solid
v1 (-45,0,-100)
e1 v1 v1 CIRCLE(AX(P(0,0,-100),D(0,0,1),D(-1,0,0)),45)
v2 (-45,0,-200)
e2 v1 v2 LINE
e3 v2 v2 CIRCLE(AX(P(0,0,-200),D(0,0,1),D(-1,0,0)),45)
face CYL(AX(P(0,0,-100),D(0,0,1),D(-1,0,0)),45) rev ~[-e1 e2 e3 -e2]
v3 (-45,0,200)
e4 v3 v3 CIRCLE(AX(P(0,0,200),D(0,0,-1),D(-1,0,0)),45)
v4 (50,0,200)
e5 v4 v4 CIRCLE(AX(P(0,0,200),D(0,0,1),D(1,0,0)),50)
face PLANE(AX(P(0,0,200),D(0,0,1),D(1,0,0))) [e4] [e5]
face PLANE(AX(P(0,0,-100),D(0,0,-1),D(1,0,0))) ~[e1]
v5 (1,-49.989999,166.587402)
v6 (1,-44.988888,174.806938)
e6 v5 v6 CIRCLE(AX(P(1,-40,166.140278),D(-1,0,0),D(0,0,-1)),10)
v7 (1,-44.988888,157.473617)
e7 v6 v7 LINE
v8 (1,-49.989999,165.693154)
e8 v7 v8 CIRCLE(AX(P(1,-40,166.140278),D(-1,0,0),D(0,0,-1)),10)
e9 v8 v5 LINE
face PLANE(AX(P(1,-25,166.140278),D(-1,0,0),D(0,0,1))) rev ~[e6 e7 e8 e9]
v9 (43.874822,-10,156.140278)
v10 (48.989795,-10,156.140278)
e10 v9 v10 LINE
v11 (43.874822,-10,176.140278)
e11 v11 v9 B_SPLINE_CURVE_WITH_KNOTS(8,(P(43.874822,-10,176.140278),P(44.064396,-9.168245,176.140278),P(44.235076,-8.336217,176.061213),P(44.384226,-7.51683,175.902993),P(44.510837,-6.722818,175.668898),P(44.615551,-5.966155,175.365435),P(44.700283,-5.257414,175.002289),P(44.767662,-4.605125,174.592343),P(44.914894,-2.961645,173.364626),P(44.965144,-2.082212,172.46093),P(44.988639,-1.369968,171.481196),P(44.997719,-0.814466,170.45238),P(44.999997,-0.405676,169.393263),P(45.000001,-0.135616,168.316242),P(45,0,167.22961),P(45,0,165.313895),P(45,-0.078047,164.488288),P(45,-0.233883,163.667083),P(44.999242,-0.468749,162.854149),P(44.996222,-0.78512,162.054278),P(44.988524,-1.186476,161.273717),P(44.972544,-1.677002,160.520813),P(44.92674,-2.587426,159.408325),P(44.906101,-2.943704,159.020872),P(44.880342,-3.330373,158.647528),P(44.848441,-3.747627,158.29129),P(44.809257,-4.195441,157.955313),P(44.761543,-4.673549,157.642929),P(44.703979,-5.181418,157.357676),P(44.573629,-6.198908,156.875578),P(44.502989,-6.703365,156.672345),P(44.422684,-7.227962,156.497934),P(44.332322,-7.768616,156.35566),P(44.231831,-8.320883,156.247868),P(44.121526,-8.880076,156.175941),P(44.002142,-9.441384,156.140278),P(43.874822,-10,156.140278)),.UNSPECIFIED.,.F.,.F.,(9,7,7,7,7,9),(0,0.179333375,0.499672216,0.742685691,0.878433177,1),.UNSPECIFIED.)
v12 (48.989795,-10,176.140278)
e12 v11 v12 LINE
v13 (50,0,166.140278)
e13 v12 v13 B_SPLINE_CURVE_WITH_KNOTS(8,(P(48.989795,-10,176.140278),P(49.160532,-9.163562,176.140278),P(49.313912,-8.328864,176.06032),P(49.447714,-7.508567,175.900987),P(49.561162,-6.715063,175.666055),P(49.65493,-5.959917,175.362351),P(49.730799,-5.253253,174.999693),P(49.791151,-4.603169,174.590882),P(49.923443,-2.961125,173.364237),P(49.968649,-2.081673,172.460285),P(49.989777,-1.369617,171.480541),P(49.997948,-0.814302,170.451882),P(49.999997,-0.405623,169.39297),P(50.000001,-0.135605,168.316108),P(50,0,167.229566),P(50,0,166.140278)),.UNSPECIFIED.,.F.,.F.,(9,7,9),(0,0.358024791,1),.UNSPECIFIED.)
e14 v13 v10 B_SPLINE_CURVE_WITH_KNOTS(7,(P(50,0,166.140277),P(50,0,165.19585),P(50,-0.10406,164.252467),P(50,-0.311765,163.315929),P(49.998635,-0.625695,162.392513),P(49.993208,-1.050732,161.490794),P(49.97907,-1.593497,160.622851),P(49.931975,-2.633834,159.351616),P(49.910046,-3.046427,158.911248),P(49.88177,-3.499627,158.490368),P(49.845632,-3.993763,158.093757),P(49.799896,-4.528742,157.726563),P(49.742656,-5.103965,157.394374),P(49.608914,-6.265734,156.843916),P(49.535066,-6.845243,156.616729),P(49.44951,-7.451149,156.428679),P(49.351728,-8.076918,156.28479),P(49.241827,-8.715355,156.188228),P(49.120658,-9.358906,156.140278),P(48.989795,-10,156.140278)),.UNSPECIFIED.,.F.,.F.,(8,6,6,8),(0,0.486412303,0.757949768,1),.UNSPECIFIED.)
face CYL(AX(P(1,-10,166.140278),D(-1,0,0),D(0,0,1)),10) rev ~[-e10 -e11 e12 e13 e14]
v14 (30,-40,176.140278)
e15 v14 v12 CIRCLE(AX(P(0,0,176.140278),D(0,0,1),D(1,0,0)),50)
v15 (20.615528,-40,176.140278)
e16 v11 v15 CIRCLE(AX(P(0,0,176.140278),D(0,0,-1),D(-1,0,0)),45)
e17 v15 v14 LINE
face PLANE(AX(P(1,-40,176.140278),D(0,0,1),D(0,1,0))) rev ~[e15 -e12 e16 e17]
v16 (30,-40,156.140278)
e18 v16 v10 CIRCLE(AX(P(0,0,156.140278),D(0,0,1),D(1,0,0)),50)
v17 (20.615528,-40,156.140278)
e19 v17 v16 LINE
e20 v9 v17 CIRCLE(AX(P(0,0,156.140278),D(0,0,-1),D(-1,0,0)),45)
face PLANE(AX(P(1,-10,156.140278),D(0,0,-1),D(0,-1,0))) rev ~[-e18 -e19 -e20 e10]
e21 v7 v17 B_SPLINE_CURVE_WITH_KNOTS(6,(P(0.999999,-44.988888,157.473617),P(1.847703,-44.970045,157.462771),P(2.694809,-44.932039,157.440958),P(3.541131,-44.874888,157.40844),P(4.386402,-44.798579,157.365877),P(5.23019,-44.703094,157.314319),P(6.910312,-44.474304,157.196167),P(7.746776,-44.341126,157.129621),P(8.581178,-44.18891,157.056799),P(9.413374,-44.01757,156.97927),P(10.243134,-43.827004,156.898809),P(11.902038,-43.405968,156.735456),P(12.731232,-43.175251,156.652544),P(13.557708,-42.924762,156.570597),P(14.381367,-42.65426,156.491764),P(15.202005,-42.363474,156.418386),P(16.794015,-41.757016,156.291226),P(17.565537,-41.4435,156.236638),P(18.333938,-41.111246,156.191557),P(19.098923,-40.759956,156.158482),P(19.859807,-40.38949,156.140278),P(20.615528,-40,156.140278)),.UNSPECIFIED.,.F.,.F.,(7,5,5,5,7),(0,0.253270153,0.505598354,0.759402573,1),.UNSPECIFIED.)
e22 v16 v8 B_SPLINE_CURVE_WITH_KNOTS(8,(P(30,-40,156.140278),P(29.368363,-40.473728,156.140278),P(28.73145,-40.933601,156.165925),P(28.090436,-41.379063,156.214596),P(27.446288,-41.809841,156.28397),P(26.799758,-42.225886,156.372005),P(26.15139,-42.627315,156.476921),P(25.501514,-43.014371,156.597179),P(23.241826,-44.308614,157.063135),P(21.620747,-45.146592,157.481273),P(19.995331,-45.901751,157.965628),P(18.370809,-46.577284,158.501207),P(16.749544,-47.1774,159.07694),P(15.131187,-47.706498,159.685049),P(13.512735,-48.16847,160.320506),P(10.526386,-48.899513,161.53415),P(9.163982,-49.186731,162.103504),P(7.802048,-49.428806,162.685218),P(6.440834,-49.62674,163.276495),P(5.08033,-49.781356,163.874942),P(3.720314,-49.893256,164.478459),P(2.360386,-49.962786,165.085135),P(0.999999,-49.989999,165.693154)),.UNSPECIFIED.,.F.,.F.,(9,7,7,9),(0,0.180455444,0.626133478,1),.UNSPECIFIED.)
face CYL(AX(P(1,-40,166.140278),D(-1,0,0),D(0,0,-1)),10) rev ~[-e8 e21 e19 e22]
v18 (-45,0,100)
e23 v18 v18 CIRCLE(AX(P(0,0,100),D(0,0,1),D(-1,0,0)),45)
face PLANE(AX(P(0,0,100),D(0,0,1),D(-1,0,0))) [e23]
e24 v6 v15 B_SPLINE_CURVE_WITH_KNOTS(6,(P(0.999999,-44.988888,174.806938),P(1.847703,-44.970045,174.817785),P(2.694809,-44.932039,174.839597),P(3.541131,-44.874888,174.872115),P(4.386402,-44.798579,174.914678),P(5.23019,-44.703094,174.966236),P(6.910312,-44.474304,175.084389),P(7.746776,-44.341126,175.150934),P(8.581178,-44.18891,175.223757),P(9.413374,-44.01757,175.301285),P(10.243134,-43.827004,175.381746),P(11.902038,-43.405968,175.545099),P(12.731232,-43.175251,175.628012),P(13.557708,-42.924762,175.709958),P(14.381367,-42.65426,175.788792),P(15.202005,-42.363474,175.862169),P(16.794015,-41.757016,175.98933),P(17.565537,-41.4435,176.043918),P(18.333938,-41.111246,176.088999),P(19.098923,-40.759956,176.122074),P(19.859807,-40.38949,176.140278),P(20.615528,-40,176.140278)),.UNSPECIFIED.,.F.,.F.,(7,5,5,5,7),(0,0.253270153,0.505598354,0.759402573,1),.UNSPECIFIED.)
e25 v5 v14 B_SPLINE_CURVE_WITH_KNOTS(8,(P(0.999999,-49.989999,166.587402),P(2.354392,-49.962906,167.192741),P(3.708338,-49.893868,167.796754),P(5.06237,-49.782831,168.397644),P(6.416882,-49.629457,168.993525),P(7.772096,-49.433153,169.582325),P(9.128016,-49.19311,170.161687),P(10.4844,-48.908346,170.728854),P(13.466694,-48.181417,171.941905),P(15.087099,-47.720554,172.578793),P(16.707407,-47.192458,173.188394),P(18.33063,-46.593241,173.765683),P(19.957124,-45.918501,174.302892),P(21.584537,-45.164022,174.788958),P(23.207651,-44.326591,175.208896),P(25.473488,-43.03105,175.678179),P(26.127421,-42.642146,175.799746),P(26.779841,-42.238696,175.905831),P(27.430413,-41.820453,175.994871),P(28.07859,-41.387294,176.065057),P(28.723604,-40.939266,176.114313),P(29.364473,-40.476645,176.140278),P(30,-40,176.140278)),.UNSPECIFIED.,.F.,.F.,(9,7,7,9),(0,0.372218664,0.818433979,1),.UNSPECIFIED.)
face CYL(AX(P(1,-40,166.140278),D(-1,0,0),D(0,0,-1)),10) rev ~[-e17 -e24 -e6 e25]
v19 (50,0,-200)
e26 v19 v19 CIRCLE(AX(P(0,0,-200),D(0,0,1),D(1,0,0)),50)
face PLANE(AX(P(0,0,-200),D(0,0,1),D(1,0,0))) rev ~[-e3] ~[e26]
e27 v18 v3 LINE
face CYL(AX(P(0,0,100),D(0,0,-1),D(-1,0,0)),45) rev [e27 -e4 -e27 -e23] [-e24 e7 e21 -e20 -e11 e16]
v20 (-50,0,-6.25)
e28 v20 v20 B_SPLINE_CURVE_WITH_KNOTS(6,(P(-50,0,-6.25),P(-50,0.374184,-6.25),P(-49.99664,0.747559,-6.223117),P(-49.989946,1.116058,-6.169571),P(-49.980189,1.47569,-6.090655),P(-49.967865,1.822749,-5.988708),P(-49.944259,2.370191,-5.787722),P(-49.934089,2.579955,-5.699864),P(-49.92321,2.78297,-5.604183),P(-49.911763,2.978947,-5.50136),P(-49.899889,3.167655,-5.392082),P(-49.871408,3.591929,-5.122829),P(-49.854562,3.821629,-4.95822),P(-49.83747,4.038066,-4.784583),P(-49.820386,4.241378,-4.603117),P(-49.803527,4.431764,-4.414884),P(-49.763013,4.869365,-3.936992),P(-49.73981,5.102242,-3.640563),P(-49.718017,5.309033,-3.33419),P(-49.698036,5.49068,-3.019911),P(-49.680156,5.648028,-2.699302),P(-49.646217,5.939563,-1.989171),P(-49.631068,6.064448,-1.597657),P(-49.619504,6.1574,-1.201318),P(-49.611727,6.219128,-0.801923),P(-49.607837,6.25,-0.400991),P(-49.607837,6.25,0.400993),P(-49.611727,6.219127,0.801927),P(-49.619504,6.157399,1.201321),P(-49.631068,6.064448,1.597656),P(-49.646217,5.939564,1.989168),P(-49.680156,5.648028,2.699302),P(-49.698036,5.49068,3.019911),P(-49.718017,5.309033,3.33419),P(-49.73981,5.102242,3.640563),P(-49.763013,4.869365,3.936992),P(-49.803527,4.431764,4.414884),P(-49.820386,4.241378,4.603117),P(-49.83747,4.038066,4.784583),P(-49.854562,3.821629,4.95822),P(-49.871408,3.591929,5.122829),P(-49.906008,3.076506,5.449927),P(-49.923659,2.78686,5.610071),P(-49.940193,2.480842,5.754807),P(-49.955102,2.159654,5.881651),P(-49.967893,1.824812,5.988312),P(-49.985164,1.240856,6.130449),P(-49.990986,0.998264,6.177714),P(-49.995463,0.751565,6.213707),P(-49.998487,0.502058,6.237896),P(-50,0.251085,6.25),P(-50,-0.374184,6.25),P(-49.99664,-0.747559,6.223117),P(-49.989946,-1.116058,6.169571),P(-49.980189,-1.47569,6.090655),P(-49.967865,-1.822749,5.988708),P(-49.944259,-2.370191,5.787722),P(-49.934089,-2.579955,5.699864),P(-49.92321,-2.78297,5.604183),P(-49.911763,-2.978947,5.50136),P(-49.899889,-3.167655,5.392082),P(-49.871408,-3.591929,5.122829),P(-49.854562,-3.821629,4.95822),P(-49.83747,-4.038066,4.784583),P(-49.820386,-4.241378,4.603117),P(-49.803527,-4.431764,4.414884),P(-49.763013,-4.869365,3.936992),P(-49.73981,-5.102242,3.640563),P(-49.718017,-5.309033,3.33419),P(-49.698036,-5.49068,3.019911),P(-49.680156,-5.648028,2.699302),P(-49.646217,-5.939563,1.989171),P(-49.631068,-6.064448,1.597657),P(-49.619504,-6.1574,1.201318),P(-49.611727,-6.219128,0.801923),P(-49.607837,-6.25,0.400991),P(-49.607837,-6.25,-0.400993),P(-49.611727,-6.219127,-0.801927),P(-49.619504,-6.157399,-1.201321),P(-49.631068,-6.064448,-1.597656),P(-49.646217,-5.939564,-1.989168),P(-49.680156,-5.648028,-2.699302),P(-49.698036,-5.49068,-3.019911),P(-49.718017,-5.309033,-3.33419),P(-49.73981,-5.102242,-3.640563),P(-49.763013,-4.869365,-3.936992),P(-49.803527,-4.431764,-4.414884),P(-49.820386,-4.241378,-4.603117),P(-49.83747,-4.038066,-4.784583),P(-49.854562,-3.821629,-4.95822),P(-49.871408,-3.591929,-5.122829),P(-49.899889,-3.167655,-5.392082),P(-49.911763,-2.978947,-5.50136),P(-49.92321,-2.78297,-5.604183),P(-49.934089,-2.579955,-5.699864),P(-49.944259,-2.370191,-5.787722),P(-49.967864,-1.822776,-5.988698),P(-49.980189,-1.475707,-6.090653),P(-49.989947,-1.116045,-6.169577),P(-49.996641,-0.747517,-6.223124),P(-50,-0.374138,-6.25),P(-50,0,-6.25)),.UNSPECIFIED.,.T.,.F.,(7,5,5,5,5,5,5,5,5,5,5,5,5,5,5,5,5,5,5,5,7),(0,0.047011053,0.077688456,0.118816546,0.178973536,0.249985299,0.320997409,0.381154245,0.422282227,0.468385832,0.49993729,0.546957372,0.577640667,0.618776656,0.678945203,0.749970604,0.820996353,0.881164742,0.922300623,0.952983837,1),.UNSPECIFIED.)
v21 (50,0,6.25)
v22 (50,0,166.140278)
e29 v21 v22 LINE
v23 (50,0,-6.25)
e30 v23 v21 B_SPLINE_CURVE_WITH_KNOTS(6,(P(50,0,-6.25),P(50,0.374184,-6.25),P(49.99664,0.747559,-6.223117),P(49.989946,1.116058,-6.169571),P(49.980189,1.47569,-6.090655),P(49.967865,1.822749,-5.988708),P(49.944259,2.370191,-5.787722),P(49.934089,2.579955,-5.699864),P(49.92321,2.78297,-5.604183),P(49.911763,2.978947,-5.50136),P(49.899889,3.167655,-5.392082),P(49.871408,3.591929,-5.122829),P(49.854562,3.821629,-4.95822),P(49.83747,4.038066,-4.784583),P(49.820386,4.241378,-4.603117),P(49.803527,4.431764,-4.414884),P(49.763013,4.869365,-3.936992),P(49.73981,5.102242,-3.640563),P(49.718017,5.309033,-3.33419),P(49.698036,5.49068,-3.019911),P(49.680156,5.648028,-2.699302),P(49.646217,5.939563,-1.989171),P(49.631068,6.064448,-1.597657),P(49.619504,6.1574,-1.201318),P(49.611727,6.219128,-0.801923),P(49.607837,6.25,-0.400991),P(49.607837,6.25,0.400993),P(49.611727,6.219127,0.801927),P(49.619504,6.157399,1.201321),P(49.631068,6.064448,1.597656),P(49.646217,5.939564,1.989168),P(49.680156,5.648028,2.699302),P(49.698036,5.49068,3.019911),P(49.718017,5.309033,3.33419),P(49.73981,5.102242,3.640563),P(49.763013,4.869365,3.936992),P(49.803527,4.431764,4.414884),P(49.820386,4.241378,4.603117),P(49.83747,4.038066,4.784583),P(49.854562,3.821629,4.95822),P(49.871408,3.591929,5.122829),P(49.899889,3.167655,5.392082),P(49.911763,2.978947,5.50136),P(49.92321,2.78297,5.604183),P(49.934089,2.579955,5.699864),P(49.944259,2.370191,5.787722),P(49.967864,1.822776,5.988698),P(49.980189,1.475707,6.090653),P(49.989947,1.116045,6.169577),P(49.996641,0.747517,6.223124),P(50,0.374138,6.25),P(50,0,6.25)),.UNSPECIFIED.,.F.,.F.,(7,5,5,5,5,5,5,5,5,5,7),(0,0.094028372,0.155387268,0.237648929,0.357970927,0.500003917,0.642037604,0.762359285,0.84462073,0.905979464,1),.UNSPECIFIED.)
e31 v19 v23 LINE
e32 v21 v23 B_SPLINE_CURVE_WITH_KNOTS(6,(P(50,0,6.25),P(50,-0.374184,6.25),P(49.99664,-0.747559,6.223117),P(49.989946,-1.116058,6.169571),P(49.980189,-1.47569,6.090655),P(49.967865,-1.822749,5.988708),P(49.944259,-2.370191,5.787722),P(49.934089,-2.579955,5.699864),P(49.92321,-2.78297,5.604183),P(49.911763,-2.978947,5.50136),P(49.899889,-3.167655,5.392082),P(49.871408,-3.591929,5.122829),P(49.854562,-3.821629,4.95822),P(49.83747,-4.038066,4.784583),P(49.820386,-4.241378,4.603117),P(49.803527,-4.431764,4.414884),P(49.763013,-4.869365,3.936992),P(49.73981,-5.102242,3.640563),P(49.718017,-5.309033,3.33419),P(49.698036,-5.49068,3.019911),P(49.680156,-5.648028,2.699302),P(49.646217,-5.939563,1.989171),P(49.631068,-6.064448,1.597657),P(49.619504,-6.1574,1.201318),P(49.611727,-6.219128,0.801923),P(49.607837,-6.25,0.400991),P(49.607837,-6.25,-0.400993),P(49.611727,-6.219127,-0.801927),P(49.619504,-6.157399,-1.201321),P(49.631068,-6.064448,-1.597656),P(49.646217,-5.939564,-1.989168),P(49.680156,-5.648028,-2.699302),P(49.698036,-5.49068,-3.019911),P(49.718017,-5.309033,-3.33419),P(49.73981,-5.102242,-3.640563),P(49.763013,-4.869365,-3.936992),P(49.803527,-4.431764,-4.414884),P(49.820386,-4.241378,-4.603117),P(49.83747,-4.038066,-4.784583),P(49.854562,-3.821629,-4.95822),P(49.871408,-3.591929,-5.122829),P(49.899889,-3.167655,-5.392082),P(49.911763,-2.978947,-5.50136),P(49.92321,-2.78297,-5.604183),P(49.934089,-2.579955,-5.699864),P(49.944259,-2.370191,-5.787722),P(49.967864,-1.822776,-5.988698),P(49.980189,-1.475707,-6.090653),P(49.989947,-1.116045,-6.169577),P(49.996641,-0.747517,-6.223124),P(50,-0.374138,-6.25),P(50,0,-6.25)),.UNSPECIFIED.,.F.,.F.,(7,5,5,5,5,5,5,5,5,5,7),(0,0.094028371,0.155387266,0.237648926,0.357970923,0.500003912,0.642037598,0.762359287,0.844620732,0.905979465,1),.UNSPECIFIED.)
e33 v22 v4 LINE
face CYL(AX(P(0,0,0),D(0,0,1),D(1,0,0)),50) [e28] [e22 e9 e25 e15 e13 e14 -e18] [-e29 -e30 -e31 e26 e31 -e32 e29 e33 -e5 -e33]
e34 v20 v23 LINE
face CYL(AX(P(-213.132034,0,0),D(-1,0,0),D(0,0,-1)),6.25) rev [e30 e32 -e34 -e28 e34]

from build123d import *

# Parameters (mm, degrees)
ESQUISSE2_R                   = 50
BOSS_EXTRU_1_DEPTH            = 200
ENL_V_MAT_EXTRU_1_DEPTH       = 213.132034356
ENL_V_MAT_EXTRU_1_DEPTH_BACK  = 213.132034356
ESQUISSE3_R                   = 6.25
ENL_V_START                   = -100
ESQUISSE4_R                   = 45
ENL_V_MAT_EXTRU_2_DEPTH       = 507.201920355
ENL_V_MAT_EXTRU_11_DEPTH      = 230.128784901
ENL_V_MAT_EXTRU_11_DEPTH_BACK = 49


with BuildPart() as part:
    # Esquisse2 → Boss.-Extru.1 (new, symmetric)
    with BuildSketch(Plane.XY):
        Circle(ESQUISSE2_R)
    extrude(amount=BOSS_EXTRU_1_DEPTH, both=True)

    # Esquisse3 → Enlèv. mat.-Extru.1 (cut, two sides: drawn at the far end of the back side and taken through both)
    with BuildSketch(Plane(origin=(0, 0, 0), x_dir=(0, 0, -1), z_dir=(1, 0, 0)).offset(-ENL_V_MAT_EXTRU_1_DEPTH_BACK)):
        Circle(ESQUISSE3_R)
    extrude(amount=ENL_V_MAT_EXTRU_1_DEPTH + ENL_V_MAT_EXTRU_1_DEPTH_BACK, mode=Mode.SUBTRACT)

    # Esquisse4 → Enlèv. mat.-Extru.2 (cut)
    with BuildSketch(Plane.XY.offset(200).offset(ENL_V_START)):
        with Locations(Location((0, 0, 0), (0, 0, 180))):
            Circle(ESQUISSE4_R)
    enl_v_mat_extru_2 = extrude(amount=ENL_V_MAT_EXTRU_2_DEPTH, mode=Mode.SUBTRACT)

    # Symétrie1: Enlèv. mat.-Extru.2 across plane
    add(enl_v_mat_extru_2.mirror(Plane.XY), mode=Mode.SUBTRACT)

    # Esquisse5 → Enlèv. mat.-Extru.11 (cut, two sides: drawn at the far end of the back side and taken through both)
    with BuildSketch(Plane(origin=(50, 0, 0), x_dir=(0, 0, -1), z_dir=(1, 0, 0)).offset(-ENL_V_MAT_EXTRU_11_DEPTH_BACK)):
        with BuildLine():
            Line((-156.140277695, -10), (-156.140277695, -40))
            ThreePointArc((-156.140277695, -40), (-166.140277695, -50), (-176.140277695, -40))
            Line((-176.140277695, -40), (-176.140277695, -10))
            ThreePointArc((-176.140277695, -10), (-166.140277695, 0), (-156.140277695, -10))
        make_face()
    extrude(amount=ENL_V_MAT_EXTRU_11_DEPTH + ENL_V_MAT_EXTRU_11_DEPTH_BACK, mode=Mode.SUBTRACT)


solid = part.part
